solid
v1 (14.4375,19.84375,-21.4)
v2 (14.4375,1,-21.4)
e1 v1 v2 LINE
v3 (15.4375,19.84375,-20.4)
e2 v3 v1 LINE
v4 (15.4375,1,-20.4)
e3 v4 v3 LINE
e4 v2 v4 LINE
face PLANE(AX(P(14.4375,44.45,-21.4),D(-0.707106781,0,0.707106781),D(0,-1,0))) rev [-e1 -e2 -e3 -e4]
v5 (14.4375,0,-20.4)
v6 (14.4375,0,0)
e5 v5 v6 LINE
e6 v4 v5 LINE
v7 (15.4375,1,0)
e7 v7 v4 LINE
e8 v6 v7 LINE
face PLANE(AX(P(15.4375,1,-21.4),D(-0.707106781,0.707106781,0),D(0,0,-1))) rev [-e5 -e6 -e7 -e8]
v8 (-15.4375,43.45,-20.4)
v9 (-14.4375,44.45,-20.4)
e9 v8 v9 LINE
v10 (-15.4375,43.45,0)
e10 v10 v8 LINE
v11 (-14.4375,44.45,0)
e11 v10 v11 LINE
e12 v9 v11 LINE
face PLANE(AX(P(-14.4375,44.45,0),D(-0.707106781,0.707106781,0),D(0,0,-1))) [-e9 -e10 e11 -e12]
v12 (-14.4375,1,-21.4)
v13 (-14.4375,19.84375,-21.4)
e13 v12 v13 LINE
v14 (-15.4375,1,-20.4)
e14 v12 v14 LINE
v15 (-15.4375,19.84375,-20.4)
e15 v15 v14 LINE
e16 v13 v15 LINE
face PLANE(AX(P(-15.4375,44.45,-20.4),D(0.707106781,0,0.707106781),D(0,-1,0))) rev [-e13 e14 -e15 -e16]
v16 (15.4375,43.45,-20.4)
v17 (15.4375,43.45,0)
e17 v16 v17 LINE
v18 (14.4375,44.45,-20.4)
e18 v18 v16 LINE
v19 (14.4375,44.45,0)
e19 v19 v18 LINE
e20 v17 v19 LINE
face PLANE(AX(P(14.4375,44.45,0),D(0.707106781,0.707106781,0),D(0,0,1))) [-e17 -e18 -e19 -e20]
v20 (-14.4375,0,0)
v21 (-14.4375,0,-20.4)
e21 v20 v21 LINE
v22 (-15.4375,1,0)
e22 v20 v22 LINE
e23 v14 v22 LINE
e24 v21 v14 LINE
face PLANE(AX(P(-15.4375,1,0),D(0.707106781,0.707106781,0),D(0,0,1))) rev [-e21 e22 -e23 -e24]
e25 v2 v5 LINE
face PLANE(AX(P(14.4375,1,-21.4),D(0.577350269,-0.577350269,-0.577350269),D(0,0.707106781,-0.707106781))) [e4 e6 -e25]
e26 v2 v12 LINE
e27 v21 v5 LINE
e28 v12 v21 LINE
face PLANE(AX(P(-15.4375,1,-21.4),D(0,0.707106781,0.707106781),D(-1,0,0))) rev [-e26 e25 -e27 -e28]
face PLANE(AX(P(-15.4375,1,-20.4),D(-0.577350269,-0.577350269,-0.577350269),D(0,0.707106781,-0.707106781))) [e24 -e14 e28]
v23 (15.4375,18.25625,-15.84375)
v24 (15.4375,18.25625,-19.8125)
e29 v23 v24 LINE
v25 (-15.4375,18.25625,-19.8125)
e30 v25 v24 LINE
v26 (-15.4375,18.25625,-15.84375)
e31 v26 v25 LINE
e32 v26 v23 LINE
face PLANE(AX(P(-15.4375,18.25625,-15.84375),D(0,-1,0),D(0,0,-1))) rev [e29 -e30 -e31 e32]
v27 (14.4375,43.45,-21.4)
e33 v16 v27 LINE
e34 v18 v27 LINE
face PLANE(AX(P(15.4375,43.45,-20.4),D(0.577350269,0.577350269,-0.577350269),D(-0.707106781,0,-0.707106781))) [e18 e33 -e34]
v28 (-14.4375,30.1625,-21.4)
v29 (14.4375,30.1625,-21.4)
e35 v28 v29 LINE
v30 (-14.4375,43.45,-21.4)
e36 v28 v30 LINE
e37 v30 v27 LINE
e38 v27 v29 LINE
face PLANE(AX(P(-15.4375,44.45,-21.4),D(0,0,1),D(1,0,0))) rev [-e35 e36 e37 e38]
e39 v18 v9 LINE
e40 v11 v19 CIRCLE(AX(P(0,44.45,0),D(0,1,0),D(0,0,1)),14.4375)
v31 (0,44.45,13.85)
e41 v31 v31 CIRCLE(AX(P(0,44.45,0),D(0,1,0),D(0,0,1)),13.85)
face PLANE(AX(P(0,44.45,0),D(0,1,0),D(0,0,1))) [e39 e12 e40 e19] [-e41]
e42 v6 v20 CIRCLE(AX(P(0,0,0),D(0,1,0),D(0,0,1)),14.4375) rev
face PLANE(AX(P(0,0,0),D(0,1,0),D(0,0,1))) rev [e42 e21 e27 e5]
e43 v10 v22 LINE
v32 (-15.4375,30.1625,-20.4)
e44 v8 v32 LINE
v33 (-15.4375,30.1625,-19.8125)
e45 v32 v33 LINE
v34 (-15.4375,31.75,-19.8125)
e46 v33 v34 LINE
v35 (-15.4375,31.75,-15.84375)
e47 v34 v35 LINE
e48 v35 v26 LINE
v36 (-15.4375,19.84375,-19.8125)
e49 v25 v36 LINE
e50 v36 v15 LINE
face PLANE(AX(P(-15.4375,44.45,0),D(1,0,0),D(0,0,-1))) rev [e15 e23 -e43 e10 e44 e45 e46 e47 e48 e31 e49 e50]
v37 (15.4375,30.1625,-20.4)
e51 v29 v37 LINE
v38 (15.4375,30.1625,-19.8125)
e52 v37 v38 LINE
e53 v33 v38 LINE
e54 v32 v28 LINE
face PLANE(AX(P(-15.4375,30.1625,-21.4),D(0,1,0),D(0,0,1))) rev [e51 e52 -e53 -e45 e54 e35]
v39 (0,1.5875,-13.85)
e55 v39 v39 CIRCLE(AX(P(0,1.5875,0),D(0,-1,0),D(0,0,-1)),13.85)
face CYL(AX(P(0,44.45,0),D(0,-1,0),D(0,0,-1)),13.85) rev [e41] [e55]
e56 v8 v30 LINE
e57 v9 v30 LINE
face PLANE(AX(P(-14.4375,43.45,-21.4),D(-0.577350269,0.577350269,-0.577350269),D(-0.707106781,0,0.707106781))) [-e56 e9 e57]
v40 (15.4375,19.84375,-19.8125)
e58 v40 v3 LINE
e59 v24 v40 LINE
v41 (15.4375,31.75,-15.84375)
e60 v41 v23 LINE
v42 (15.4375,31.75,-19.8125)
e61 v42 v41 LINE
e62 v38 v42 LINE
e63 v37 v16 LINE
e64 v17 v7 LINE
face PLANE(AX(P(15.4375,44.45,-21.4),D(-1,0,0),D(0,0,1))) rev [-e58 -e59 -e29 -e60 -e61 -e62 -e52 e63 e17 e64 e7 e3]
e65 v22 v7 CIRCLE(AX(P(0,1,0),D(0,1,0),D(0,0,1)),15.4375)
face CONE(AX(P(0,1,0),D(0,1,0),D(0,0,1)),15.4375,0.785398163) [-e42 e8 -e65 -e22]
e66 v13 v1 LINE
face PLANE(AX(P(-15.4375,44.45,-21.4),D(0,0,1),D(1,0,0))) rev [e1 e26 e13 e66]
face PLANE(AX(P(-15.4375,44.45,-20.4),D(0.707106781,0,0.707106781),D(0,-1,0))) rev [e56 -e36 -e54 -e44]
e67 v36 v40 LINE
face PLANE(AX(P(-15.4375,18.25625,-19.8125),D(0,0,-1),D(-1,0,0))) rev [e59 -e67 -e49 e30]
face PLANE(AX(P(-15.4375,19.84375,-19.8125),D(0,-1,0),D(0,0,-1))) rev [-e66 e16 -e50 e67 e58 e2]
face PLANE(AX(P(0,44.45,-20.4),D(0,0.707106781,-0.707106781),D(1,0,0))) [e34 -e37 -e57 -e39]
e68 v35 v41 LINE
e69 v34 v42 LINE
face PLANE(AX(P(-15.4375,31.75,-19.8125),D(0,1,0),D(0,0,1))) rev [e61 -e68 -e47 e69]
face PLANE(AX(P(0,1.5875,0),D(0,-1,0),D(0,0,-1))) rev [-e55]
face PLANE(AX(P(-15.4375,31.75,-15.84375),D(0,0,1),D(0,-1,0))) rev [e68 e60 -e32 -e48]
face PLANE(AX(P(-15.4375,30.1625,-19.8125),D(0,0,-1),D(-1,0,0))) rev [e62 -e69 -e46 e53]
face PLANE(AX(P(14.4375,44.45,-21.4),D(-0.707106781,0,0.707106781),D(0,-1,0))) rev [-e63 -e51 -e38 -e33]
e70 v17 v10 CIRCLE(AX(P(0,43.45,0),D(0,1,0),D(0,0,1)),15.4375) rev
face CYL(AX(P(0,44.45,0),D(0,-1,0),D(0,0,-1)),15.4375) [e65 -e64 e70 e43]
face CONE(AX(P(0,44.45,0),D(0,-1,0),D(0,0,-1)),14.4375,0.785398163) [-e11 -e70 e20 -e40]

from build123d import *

# Parameters (mm, degrees)
SKETCH1_R           = 13.85
BOSS_EXTRUDE1_DEPTH = 44.45
SKETCH2_R           = 15.08125
BOSS_EXTRUDE2_DEPTH = 1.5875
CUT_EXTRUDE1_DEPTH  = 31.875
CHAMFER1_SIZE       = 1


with BuildPart() as part:
    # Sketch1 → Boss-Extrude1 (new body)
    with BuildSketch(Plane(origin=(0, 0, 0), x_dir=(1, 0, 0), z_dir=(0, 1, 0))):
        with BuildLine():
            Line((-15.4375, 0), (-15.4375, 21.4))
            Line((-15.4375, 21.4), (15.4375, 21.4))
            Line((15.4375, 21.4), (15.4375, 0))
            ThreePointArc((15.4375, 0), (0, -15.4375), (-15.4375, 0))
        make_face()
        Circle(SKETCH1_R, mode=Mode.SUBTRACT)
    extrude(amount=BOSS_EXTRUDE1_DEPTH)

    # Sketch2 → Boss-Extrude2 (add)
    with BuildSketch(Plane.XZ):
        Circle(SKETCH2_R)
    extrude(amount=-BOSS_EXTRUDE2_DEPTH)

    # Sketch3 → Cut-Extrude1 (cut, through all)
    with BuildSketch(Plane(origin=(15.4375, 0, 0), x_dir=(0, 0, -1), z_dir=(1, 0, 0))):
        Polygon((21.4, 30.1625), (19.8125, 30.1625), (19.8125, 31.75), (15.84375, 31.75), (15.84375, 18.25625), (19.8125, 18.25625), (19.8125, 19.84375), (21.4, 19.84375), align=None)
    extrude(amount=-CUT_EXTRUDE1_DEPTH, mode=Mode.SUBTRACT)

    # Chamfer1
    chamfer1_edges = [part.edges().sort_by_distance(p)[0] for p in [
        (0, 44.45, -21.4),
        (-15.4375, 44.45, -10.7),
        (-15.4375, 9.921875, -21.4),
        (15.4375, 9.921875, -21.4),
        (0, 44.45, 15.4375),
        (-15.4375, 0, -10.7),
        (0, 0, -21.4),
        (15.4375, 0, -10.7),
        (0, 0, 15.4375),
        (15.4375, 44.45, -10.7),
        (-15.4375, 37.30625, -21.4),
        (15.4375, 37.30625, -21.4),
    ]]
    chamfer(chamfer1_edges, length=CHAMFER1_SIZE)


solid = part.part
